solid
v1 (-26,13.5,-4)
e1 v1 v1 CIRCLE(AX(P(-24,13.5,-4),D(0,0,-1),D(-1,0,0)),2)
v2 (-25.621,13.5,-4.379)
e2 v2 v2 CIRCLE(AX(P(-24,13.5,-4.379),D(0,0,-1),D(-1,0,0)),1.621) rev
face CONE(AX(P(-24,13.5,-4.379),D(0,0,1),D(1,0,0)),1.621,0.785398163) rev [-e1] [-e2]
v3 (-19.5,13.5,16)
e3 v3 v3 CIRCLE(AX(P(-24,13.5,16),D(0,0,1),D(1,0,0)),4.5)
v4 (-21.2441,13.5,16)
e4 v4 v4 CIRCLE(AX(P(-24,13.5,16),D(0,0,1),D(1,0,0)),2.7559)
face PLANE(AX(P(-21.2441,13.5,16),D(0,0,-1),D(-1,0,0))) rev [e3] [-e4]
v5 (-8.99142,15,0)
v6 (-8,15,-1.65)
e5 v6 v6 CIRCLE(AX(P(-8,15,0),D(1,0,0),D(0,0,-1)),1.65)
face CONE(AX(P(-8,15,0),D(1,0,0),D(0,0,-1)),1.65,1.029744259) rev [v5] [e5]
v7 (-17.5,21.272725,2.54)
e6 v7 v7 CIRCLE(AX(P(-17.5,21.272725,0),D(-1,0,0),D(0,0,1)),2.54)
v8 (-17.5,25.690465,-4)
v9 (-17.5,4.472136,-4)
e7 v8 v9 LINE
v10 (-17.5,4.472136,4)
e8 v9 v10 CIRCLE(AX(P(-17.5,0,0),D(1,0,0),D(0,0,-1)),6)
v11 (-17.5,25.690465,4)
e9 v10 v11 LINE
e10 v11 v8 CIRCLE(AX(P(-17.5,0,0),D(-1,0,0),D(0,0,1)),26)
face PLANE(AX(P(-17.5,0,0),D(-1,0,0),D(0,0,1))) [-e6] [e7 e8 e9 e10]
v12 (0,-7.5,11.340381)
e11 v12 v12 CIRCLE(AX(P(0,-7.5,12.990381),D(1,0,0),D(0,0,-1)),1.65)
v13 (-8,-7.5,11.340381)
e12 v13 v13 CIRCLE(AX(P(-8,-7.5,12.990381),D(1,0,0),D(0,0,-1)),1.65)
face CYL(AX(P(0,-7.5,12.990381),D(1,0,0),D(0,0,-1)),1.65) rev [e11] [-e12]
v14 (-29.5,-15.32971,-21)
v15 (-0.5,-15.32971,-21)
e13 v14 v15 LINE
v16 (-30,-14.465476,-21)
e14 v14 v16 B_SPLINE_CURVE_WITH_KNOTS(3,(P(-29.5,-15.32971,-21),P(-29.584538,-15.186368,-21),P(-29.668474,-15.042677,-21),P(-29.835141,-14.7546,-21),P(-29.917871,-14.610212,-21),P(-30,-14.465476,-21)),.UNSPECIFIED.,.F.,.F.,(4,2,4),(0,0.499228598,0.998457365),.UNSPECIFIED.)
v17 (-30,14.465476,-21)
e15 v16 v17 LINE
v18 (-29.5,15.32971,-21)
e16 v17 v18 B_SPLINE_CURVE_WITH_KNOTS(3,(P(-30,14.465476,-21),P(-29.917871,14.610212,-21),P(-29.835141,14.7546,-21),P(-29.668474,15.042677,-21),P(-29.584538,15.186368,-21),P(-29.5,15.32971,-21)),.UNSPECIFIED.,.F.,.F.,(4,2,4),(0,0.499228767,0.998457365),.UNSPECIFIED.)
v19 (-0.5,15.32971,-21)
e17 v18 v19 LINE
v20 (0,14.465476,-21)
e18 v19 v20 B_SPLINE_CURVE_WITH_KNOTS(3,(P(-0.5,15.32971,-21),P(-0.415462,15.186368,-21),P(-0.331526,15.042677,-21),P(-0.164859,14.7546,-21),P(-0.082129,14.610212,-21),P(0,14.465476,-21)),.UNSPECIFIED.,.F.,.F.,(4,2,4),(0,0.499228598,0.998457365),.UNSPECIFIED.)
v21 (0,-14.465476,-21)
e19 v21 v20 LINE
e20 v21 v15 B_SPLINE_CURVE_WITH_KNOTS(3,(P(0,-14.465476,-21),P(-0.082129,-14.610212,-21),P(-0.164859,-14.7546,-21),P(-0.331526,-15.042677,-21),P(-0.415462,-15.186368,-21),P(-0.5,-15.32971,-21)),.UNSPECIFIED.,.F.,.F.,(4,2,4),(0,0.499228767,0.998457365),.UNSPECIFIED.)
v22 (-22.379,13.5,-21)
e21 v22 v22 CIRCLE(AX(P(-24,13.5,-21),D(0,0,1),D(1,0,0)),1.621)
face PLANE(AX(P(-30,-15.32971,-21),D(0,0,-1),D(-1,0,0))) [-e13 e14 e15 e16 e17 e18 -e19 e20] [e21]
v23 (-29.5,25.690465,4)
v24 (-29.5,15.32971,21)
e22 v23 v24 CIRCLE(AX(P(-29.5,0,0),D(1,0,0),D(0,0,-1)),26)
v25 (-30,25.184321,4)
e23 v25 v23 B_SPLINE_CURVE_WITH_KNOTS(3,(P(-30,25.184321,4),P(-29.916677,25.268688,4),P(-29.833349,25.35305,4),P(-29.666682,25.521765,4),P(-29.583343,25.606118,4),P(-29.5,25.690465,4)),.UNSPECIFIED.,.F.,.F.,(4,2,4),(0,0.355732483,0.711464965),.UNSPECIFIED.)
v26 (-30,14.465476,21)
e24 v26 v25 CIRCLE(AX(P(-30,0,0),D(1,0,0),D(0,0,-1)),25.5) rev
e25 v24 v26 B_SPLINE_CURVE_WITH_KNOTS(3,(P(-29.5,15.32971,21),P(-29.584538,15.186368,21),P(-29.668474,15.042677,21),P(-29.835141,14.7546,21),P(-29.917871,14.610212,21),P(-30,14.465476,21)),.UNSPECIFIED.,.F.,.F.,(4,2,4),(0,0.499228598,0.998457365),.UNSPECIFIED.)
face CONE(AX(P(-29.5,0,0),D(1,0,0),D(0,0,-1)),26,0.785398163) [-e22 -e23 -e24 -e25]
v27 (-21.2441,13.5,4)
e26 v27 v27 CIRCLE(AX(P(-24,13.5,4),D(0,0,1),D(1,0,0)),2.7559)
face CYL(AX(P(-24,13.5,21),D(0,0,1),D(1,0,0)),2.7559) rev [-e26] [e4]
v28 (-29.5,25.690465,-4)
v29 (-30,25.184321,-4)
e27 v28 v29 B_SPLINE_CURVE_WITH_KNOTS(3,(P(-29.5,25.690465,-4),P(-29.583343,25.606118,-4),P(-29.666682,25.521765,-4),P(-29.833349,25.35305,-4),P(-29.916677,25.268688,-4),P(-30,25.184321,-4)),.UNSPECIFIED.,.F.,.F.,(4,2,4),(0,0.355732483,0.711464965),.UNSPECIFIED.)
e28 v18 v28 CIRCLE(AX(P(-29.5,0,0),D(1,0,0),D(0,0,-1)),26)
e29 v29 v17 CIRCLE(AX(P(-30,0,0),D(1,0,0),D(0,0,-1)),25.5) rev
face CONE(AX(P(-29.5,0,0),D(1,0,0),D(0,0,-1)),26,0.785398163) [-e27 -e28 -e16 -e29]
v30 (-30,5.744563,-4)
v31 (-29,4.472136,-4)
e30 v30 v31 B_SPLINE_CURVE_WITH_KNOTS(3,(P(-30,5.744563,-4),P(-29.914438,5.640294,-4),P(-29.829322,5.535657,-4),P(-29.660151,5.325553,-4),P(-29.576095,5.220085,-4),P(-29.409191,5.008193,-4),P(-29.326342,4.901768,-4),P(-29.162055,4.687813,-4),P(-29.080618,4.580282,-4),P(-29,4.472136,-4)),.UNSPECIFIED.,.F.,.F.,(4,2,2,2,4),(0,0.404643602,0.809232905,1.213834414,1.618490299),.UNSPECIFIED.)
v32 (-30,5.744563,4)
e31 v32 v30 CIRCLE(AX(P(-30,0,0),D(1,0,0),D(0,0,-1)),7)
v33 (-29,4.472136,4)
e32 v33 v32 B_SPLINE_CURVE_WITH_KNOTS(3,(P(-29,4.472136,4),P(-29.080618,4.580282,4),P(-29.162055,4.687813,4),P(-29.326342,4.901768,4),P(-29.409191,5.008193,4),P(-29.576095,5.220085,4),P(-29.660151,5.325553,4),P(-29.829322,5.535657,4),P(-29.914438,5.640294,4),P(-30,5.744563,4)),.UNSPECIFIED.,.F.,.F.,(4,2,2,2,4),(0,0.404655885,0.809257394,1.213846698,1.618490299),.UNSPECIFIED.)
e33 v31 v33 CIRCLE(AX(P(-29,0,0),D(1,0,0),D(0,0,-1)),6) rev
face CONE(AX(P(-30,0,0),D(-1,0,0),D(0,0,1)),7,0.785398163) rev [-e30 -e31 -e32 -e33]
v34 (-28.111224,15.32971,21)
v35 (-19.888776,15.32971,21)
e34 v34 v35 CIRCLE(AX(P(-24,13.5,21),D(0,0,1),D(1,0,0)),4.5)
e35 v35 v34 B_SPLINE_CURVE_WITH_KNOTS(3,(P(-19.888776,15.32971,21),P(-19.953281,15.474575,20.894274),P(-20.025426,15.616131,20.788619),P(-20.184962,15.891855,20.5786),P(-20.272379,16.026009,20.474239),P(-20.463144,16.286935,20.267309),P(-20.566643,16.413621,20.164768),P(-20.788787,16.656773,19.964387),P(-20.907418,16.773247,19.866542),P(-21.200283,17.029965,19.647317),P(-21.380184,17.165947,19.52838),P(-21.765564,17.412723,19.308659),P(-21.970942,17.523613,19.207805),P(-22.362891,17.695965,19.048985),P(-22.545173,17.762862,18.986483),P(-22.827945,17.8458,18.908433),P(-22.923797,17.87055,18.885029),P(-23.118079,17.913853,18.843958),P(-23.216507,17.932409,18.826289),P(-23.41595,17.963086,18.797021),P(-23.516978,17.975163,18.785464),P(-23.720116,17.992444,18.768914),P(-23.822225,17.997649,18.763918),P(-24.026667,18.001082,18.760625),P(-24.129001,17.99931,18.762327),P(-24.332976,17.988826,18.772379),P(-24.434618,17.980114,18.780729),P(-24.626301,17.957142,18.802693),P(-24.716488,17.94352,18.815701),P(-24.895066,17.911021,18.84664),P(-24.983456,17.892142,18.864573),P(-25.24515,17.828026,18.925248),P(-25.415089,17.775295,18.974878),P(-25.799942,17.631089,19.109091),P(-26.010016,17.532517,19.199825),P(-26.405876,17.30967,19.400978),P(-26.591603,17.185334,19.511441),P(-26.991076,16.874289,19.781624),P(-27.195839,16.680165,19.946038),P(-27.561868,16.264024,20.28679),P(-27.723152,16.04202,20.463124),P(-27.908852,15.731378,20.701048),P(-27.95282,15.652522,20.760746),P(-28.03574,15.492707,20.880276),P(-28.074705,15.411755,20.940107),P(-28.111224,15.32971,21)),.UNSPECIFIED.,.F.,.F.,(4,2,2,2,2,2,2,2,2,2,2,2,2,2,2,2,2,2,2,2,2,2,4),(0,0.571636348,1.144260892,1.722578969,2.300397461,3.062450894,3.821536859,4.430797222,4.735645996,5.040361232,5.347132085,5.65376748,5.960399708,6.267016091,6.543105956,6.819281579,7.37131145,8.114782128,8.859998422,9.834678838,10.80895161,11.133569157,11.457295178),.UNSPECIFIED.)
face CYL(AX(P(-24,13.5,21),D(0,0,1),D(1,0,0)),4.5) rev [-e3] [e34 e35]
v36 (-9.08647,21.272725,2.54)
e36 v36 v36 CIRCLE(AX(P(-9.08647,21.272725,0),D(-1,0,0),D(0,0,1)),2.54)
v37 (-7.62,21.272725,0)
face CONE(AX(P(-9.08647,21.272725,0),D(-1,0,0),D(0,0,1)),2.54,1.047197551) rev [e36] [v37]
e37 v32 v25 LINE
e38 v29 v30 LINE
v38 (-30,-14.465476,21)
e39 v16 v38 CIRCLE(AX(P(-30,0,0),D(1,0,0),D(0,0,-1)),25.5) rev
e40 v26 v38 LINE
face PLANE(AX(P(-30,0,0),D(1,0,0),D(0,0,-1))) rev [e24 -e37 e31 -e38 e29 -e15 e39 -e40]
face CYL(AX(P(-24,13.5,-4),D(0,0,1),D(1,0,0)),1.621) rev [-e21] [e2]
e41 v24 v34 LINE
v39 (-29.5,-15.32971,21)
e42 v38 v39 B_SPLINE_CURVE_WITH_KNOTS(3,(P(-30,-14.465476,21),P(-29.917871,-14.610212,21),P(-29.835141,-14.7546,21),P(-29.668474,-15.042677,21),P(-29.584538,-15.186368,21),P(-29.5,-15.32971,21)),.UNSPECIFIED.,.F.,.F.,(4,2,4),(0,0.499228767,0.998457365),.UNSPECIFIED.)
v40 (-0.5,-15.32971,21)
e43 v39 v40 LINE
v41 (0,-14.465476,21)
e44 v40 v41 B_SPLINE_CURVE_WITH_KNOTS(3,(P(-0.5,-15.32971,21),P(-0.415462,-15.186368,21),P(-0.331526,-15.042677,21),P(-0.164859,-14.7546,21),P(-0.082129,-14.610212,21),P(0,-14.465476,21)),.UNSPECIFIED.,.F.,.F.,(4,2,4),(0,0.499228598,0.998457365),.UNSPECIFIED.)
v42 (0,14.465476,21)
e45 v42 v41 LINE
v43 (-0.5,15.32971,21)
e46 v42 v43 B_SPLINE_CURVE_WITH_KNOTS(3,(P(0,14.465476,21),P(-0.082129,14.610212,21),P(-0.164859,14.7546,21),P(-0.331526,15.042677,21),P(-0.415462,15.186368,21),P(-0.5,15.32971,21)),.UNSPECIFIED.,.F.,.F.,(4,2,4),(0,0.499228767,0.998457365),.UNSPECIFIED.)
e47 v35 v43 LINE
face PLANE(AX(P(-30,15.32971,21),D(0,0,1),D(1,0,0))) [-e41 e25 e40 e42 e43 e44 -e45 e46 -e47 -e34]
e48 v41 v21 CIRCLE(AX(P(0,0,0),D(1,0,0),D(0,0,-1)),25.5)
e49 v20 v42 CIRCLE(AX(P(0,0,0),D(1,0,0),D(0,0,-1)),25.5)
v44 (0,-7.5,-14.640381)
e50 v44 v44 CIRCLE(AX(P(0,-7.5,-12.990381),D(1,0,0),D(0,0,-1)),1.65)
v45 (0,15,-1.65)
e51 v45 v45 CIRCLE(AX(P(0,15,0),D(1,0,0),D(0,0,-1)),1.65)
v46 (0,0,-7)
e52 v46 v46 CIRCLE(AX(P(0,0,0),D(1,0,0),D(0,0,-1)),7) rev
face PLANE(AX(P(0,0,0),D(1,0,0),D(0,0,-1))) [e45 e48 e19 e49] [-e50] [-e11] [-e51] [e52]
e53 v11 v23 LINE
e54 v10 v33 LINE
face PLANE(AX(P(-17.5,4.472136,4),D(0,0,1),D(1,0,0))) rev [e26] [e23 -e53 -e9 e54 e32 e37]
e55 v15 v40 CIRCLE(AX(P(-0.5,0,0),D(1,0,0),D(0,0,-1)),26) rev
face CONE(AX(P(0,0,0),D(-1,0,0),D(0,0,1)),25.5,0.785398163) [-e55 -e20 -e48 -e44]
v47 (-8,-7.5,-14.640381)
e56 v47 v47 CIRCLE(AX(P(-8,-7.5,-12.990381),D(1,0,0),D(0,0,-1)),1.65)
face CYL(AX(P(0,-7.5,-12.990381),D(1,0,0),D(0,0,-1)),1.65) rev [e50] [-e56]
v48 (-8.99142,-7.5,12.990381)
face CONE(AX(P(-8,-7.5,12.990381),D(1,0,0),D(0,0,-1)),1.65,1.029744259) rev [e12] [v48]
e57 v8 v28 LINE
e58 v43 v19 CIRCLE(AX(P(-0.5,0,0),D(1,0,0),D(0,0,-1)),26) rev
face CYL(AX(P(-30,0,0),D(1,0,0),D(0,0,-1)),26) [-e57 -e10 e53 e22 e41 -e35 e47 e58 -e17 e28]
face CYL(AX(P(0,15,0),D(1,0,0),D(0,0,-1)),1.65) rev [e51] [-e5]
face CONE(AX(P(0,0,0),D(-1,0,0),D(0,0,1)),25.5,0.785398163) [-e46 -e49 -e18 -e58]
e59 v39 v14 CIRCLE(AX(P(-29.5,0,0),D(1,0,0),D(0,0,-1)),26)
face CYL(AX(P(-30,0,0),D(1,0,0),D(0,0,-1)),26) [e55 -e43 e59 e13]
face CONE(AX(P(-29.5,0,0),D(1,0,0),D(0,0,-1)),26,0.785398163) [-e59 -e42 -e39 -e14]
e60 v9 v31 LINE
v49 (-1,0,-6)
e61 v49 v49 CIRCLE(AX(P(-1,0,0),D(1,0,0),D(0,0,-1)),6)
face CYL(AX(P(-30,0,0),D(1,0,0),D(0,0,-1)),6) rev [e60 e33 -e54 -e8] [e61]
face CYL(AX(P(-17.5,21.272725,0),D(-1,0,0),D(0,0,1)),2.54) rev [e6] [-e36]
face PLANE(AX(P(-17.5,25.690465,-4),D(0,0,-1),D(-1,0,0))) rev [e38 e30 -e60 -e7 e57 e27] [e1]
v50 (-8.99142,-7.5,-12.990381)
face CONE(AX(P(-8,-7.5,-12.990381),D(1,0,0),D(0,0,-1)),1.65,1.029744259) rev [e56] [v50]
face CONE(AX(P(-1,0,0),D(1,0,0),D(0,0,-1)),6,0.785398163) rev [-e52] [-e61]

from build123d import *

# Parameters (mm, degrees)
BOSS_EXTRUDE1_DEPTH                     = 30
CUT_EXTRUDE1_DEPTH                      = 12.5
SKETCH3_W                               = 30
SKETCH3_H                               = 6
HOLE1_D                                 = 5.08
HOLE1_DEPTH                             = 8.413530316
HOLE1_TIP                               = 1.466469684
SKETCH6_W                               = 1.621
SKETCH6_H                               = 17
CBORE_FOR_M5_HEX_HEAD_BOLT1_D           = 5.5118
CBORE_FOR_M5_HEX_HEAD_BOLT1_DEPTH       = 17
CBORE_FOR_M5_HEX_HEAD_BOLT1_CBORE_D     = 9
CBORE_FOR_M5_HEX_HEAD_BOLT1_CBORE_DEPTH = 5
CHAMFER1_SIZE                           = 0.5
CHAMFER2_SIZE                           = 1
CHAMFER3_SIZE                           = 0.379
M4_TAPPED_HOLE1_D                       = 3.3
M4_TAPPED_HOLE1_DEPTH                   = 8
M4_TAPPED_HOLE1_TIP                     = 0.991420021


with BuildPart() as part:
    # Sketch1 → Boss-Extrude1 (new body)
    with BuildSketch(Plane(origin=(0, 0, 0), x_dir=(0, 0, -1), z_dir=(1, 0, 0))):
        with BuildLine():
            Line((21, -15.329709717), (21, 15.329709717))
            ThreePointArc((21, 15.329709717), (0, 26), (-21, 15.329709717))
            Line((-21, 15.329709717), (-21, -15.329709717))
            ThreePointArc((-21, -15.329709717), (0, -26), (21, -15.329709717))
        make_face()
    extrude(amount=-BOSS_EXTRUDE1_DEPTH)

    # Sketch2 → Cut-Extrude1 (cut)
    with BuildSketch(Plane.ZY.offset(30)):
        with BuildLine():
            Line((-4, 25.690465157), (-4, 4.472135955))
            ThreePointArc((-4, 4.472135955), (0, 6), (4, 4.472135955))
            Line((4, 4.472135955), (4, 25.690465157))
            ThreePointArc((4, 25.690465157), (0, 26), (-4, 25.690465157))
        make_face()
    extrude(amount=-CUT_EXTRUDE1_DEPTH, mode=Mode.SUBTRACT)

    # Sketch3 → Cut-Revolve1 (revolve, cut)
    with BuildSketch(Plane.XY):
        with Locations((-15, 3)):
            Rectangle(SKETCH3_W, SKETCH3_H)
    revolve(axis=Axis((-30, 0, 0), (1, 0, 0)), mode=Mode.SUBTRACT)

    # Hole1
    with Locations(Plane.ZY.offset(17.5)):
        with Locations((0, 21.27272472)):
            Hole(HOLE1_D / 2, depth=HOLE1_DEPTH)
            with Locations((0, 0, -(HOLE1_DEPTH + HOLE1_TIP / 2))):  # 120° drill point
                Cone(0, HOLE1_D / 2, HOLE1_TIP, mode=Mode.SUBTRACT)

    # Sketch6 → M3 Clearance Hole1 (revolve, cut)
    with BuildSketch(Plane(origin=(-24, 13.5, -4), x_dir=(0, -1, 0), z_dir=(1, 0, 0))):
        with Locations((0.8105, 8.5)):
            Rectangle(SKETCH6_W, SKETCH6_H)
    revolve(axis=Axis((-24, 13.5, 2.35), (0, 0, -1)), mode=Mode.SUBTRACT)

    # CBORE for M5 Hex Head Bolt1
    with Locations(Plane.XY.offset(21)):
        with Locations((-24, 13.5)):
            CounterBoreHole(CBORE_FOR_M5_HEX_HEAD_BOLT1_D / 2, CBORE_FOR_M5_HEX_HEAD_BOLT1_CBORE_D / 2, CBORE_FOR_M5_HEX_HEAD_BOLT1_CBORE_DEPTH, depth=CBORE_FOR_M5_HEX_HEAD_BOLT1_DEPTH)

    # Chamfer1
    chamfer1_edges = [part.edges().sort_by_distance(p)[0] for p in [
        (-30, 22.201659548, -13.530939115),
        (-30, 22.201659548, 13.530939115),
        (-30, -26, 0),
        (0, 26, 0),
        (0, -26, 0),
    ]]
    chamfer(chamfer1_edges, length=CHAMFER1_SIZE)

    # Chamfer2
    chamfer2_edges = [part.edges().sort_by_distance(p)[0] for p in [
        (-30, -6, 0),
        (0, -6, 0),
    ]]
    chamfer(chamfer2_edges, length=CHAMFER2_SIZE)

    # Chamfer3
    chamfer3_edges = [part.edges().sort_by_distance(p)[0] for p in [
        (-24, 15.121, -4),
    ]]
    chamfer(chamfer3_edges, length=CHAMFER3_SIZE)

    # M4 Tapped Hole1
    with Locations(Plane(origin=(0, 0, 0), x_dir=(0, 0, -1), z_dir=(1, 0, 0))):
        with Locations((0, 15), (12.990381057, -7.5), (-12.990381057, -7.5), (0, 0)):
            Hole(M4_TAPPED_HOLE1_D / 2, depth=M4_TAPPED_HOLE1_DEPTH)
            with Locations((0, 0, -(M4_TAPPED_HOLE1_DEPTH + M4_TAPPED_HOLE1_TIP / 2))):  # 118° drill point
                Cone(0, M4_TAPPED_HOLE1_D / 2, M4_TAPPED_HOLE1_TIP, mode=Mode.SUBTRACT)


solid = part.part
